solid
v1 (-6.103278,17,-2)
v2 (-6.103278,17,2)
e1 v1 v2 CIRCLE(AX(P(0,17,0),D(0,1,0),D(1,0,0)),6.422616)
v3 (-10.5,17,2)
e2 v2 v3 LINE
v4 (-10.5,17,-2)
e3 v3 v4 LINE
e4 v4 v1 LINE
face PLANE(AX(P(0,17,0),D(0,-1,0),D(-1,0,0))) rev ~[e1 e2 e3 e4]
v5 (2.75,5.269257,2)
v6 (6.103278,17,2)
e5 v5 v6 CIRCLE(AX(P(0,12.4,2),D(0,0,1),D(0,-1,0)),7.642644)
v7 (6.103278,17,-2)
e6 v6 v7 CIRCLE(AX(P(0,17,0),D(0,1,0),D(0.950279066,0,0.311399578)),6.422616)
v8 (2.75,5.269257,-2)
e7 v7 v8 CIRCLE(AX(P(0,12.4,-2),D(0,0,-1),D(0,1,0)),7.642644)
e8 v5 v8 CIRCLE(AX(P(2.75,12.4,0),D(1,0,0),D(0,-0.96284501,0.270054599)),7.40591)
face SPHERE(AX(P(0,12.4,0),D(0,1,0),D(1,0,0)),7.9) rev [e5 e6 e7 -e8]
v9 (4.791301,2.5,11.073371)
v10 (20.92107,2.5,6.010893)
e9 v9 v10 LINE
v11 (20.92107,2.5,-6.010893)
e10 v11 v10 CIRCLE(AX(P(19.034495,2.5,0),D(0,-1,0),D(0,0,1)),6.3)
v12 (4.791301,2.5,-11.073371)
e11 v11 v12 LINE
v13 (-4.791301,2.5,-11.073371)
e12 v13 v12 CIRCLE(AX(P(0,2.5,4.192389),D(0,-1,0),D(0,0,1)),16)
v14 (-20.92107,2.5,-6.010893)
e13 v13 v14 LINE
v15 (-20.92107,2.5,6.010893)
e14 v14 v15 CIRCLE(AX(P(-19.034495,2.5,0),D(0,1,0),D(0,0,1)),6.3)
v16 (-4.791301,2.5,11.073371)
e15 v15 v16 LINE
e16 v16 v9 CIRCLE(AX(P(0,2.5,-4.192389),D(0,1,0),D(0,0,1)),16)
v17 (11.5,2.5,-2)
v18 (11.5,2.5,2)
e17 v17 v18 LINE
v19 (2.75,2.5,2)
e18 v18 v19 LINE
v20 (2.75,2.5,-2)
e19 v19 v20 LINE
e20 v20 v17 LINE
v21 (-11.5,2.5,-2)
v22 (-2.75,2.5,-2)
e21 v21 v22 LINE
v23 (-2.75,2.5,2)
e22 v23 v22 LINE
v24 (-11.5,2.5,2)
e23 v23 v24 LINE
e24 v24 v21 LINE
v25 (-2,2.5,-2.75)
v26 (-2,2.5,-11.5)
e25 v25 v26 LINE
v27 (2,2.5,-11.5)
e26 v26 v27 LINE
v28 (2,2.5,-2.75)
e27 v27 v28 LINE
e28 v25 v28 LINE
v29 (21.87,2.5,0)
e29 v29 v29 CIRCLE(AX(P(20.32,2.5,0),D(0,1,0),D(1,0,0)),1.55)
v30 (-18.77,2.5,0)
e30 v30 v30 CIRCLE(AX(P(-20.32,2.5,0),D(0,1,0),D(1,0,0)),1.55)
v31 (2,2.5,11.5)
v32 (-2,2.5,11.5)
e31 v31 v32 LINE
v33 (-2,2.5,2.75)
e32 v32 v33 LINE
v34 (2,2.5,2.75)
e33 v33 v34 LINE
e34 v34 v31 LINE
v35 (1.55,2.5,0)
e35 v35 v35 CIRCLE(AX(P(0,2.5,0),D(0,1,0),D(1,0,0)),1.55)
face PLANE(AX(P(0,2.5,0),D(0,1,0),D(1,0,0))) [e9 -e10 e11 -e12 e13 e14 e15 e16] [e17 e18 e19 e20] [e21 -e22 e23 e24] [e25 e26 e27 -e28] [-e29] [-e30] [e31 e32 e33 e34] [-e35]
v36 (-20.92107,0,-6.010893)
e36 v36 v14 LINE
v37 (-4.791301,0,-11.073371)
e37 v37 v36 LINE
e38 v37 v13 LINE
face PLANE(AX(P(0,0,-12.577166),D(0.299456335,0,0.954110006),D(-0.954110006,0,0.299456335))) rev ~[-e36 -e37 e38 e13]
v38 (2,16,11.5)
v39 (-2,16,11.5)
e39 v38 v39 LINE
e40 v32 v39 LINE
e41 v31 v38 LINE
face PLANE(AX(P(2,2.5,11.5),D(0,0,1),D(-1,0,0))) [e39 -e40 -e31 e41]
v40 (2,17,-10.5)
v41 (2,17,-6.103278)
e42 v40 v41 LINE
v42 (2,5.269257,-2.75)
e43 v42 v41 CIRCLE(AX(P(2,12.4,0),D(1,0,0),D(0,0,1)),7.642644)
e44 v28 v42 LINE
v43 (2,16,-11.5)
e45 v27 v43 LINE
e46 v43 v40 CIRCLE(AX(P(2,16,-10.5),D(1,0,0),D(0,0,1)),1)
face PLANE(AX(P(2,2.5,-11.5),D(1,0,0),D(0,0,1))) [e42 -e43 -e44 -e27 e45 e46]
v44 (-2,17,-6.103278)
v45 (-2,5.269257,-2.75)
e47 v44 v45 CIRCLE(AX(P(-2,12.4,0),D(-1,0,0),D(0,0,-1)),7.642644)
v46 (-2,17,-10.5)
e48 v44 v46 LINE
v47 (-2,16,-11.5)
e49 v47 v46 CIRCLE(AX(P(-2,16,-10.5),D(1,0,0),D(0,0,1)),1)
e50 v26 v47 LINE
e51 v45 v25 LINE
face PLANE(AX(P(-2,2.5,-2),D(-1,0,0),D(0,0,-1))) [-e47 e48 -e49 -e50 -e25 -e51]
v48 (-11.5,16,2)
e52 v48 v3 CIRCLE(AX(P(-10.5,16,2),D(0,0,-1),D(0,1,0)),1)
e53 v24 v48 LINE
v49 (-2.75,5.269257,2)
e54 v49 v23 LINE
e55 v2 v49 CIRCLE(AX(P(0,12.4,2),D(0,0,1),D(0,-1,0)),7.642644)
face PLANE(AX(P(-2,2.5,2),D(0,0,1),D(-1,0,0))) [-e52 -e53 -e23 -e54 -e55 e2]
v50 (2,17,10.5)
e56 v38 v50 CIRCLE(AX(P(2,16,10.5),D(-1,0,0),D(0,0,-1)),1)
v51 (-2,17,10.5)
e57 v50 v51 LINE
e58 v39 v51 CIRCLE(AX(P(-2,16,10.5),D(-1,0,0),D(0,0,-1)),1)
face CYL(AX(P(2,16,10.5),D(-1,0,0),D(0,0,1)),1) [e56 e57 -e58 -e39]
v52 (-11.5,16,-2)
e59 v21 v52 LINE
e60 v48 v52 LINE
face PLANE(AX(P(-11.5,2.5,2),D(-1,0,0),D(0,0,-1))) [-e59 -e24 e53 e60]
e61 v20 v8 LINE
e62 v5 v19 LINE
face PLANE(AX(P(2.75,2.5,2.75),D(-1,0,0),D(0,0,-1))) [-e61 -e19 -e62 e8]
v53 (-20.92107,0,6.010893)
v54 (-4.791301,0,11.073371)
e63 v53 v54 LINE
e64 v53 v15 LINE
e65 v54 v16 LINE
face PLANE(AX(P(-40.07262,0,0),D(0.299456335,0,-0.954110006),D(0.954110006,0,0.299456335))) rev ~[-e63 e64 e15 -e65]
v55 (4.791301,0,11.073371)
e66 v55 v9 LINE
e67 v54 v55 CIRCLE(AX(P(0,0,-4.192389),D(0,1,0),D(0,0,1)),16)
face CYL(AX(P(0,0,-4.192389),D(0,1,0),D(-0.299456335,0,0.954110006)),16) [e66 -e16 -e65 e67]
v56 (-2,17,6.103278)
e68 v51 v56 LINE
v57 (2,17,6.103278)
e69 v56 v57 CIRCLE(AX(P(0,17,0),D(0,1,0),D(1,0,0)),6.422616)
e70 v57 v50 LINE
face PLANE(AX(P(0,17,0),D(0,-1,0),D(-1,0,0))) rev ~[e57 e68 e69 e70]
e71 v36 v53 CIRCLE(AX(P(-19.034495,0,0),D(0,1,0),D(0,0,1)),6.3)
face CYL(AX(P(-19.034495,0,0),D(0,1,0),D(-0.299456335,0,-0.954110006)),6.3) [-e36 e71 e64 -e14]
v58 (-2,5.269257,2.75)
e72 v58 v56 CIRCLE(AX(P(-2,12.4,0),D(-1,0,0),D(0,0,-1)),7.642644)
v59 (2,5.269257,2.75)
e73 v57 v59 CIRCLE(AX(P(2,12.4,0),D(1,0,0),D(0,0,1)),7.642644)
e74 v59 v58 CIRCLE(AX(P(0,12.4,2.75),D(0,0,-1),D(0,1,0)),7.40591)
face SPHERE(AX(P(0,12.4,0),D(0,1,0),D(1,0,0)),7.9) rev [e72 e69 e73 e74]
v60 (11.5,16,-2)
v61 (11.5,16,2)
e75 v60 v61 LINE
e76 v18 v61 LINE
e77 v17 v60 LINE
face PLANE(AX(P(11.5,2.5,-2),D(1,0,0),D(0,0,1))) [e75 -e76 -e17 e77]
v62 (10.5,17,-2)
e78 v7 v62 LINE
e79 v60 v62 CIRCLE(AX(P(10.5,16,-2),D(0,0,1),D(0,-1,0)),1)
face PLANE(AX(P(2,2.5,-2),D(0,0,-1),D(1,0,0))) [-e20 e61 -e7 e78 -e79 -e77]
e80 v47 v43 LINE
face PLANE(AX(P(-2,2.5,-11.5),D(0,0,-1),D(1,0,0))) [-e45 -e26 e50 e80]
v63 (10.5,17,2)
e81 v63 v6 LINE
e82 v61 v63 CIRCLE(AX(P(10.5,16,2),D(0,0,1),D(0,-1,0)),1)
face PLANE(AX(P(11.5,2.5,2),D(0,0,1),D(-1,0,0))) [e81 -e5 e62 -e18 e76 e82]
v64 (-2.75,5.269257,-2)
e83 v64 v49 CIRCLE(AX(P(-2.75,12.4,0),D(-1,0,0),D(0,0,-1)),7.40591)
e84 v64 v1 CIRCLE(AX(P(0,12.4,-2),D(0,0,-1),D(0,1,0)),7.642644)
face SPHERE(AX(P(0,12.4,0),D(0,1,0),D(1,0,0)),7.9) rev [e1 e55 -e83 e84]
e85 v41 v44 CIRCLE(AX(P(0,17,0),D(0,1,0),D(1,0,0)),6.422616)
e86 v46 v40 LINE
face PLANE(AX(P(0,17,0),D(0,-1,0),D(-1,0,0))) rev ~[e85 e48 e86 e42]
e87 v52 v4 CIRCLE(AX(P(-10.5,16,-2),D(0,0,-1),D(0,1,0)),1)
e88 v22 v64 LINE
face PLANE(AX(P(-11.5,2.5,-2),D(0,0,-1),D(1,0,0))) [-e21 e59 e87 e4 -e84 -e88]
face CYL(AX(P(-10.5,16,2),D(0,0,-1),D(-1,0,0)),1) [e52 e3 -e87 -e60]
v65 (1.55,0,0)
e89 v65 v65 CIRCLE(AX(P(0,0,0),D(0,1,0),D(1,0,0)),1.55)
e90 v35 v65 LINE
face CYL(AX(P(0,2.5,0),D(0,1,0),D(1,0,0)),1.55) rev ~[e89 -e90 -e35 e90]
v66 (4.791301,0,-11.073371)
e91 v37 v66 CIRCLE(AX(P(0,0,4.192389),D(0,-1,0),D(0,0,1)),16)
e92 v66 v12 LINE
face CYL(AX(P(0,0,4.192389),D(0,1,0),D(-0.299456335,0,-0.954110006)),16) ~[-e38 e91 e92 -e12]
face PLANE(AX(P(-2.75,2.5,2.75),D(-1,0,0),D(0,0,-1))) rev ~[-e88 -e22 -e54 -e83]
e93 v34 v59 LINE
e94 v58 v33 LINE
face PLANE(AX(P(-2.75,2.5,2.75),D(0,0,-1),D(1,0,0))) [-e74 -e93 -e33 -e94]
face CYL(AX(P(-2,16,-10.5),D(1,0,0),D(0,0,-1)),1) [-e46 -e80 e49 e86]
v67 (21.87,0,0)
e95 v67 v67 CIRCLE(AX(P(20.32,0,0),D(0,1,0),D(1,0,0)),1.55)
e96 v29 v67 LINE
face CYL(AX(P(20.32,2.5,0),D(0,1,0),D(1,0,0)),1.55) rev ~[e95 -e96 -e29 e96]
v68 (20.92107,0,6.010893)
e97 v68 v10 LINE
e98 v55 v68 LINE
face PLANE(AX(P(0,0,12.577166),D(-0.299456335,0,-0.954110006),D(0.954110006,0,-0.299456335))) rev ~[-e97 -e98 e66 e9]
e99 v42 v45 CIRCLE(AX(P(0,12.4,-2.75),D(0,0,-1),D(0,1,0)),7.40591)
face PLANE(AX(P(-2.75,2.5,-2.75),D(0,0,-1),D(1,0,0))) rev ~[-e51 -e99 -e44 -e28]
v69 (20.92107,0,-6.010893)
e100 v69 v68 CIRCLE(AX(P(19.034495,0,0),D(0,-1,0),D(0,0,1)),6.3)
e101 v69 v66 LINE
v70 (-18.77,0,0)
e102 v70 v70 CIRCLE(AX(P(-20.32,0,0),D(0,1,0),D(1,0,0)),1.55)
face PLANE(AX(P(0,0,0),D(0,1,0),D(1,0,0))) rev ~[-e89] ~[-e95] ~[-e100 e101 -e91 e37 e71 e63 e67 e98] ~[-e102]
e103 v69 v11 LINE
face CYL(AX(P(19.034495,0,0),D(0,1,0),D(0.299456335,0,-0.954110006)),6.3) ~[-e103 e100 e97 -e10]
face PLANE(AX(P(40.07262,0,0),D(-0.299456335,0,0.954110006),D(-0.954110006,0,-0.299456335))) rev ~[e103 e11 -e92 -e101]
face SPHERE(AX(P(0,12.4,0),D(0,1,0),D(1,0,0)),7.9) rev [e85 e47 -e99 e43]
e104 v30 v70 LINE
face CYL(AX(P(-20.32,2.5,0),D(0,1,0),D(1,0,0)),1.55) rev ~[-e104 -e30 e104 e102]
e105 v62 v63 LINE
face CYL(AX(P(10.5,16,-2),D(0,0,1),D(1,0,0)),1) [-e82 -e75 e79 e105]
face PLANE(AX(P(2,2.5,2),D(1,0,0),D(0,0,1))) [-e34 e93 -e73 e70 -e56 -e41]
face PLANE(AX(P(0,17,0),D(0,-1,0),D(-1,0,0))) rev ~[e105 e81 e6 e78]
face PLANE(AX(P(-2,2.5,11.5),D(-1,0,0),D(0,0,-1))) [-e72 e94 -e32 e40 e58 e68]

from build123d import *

# Parameters (mm, degrees)
BOSS_EXTRUDE1_DEPTH = 2.5
FILLET1_R           = 16
FILLET2_R           = 6.3
BOSS_EXTRUDE2_DEPTH = 14.5
FILLET3_R           = 1
SKETCH5_W           = 5.5
SKETCH5_H           = 5.5
CUT_EXTRUDE1_DEPTH  = 31.959805
SKETCH6_R           = 1.55
CUT_EXTRUDE2_DEPTH  = 2.5
SKETCH7_R           = 1.55
CUT_EXTRUDE3_DEPTH  = 2.5


with BuildPart() as part:
    # Sketch1 → Boss-Extrude1 (new body)
    with BuildSketch(Plane(origin=(0, 0, 0), x_dir=(1, 0, 0), z_dir=(0, 1, 0))):
        Polygon((0, 12.577166077), (-40.072620247, 0), (0, -12.577166077), (40.072620247, 0), align=None)
    extrude(amount=BOSS_EXTRUDE1_DEPTH)

    # Fillet1
    fillet1_edges = [part.edges().sort_by_distance(p)[0] for p in [
        (0, 1.25, 12.577166077),
        (0, 1.25, -12.577166077),
    ]]
    fillet(fillet1_edges, radius=FILLET1_R)

    # Fillet2
    fillet2_edges = [part.edges().sort_by_distance(p)[0] for p in [
        (40.072620247, 1.25, 0),
        (-40.072620247, 1.25, 0),
    ]]
    fillet(fillet2_edges, radius=FILLET2_R)

    # Sketch2 → Boss-Extrude2 (add)
    with BuildSketch(Plane(origin=(0, 2.5, 0), x_dir=(1, 0, 0), z_dir=(0, 1, 0))):
        Polygon((2, 2), (11.5, 2), (11.5, -2), (2, -2), (2, -11.5), (-2, -11.5), (-2, -2), (-11.5, -2), (-11.5, 2), (-2, 2), (-2, 11.5), (2, 11.5), align=None)
    extrude(amount=BOSS_EXTRUDE2_DEPTH)

    # Sketch3 → Cut-Revolve1 (revolve, cut)
    with BuildSketch(Plane.XY):
        with BuildLine():
            ThreePointArc((0, 4.5), (7.9, 12.4), (0, 20.3))
            Line((0, 20.3), (0, 4.5))
        make_face()
    revolve(axis=Axis((0, 20.3, 0), (0, -1, 0)), mode=Mode.SUBTRACT)

    # Fillet3
    fillet3_edges = [part.edges().sort_by_distance(p)[0] for p in [
        (-11.5, 17, 0),
        (0, 17, 11.5),
        (11.5, 17, 0),
        (0, 17, -11.5),
    ]]
    fillet(fillet3_edges, radius=FILLET3_R)

    # Sketch5 → Cut-Extrude1 (cut)
    with BuildSketch(Plane(origin=(0, 2.5, 0), x_dir=(1, 0, 0), z_dir=(0, 1, 0))):
        Rectangle(SKETCH5_W, SKETCH5_H)
    extrude(amount=CUT_EXTRUDE1_DEPTH, mode=Mode.SUBTRACT)

    # Sketch6 → Cut-Extrude2 (cut)
    with BuildSketch(Plane(origin=(0, 2.5, 0), x_dir=(1, 0, 0), z_dir=(0, 1, 0))):
        Circle(SKETCH6_R)
    extrude(amount=-CUT_EXTRUDE2_DEPTH, mode=Mode.SUBTRACT)

    # Sketch7 → Cut-Extrude3 (cut)
    with BuildSketch(Plane(origin=(0, 2.5, 0), x_dir=(1, 0, 0), z_dir=(0, 1, 0))):
        with Locations((20.32, 0)):
            Circle(SKETCH7_R)
        with Locations((-20.32, 0)):
            Circle(SKETCH7_R)
    extrude(amount=-CUT_EXTRUDE3_DEPTH, mode=Mode.SUBTRACT)


solid = part.part
